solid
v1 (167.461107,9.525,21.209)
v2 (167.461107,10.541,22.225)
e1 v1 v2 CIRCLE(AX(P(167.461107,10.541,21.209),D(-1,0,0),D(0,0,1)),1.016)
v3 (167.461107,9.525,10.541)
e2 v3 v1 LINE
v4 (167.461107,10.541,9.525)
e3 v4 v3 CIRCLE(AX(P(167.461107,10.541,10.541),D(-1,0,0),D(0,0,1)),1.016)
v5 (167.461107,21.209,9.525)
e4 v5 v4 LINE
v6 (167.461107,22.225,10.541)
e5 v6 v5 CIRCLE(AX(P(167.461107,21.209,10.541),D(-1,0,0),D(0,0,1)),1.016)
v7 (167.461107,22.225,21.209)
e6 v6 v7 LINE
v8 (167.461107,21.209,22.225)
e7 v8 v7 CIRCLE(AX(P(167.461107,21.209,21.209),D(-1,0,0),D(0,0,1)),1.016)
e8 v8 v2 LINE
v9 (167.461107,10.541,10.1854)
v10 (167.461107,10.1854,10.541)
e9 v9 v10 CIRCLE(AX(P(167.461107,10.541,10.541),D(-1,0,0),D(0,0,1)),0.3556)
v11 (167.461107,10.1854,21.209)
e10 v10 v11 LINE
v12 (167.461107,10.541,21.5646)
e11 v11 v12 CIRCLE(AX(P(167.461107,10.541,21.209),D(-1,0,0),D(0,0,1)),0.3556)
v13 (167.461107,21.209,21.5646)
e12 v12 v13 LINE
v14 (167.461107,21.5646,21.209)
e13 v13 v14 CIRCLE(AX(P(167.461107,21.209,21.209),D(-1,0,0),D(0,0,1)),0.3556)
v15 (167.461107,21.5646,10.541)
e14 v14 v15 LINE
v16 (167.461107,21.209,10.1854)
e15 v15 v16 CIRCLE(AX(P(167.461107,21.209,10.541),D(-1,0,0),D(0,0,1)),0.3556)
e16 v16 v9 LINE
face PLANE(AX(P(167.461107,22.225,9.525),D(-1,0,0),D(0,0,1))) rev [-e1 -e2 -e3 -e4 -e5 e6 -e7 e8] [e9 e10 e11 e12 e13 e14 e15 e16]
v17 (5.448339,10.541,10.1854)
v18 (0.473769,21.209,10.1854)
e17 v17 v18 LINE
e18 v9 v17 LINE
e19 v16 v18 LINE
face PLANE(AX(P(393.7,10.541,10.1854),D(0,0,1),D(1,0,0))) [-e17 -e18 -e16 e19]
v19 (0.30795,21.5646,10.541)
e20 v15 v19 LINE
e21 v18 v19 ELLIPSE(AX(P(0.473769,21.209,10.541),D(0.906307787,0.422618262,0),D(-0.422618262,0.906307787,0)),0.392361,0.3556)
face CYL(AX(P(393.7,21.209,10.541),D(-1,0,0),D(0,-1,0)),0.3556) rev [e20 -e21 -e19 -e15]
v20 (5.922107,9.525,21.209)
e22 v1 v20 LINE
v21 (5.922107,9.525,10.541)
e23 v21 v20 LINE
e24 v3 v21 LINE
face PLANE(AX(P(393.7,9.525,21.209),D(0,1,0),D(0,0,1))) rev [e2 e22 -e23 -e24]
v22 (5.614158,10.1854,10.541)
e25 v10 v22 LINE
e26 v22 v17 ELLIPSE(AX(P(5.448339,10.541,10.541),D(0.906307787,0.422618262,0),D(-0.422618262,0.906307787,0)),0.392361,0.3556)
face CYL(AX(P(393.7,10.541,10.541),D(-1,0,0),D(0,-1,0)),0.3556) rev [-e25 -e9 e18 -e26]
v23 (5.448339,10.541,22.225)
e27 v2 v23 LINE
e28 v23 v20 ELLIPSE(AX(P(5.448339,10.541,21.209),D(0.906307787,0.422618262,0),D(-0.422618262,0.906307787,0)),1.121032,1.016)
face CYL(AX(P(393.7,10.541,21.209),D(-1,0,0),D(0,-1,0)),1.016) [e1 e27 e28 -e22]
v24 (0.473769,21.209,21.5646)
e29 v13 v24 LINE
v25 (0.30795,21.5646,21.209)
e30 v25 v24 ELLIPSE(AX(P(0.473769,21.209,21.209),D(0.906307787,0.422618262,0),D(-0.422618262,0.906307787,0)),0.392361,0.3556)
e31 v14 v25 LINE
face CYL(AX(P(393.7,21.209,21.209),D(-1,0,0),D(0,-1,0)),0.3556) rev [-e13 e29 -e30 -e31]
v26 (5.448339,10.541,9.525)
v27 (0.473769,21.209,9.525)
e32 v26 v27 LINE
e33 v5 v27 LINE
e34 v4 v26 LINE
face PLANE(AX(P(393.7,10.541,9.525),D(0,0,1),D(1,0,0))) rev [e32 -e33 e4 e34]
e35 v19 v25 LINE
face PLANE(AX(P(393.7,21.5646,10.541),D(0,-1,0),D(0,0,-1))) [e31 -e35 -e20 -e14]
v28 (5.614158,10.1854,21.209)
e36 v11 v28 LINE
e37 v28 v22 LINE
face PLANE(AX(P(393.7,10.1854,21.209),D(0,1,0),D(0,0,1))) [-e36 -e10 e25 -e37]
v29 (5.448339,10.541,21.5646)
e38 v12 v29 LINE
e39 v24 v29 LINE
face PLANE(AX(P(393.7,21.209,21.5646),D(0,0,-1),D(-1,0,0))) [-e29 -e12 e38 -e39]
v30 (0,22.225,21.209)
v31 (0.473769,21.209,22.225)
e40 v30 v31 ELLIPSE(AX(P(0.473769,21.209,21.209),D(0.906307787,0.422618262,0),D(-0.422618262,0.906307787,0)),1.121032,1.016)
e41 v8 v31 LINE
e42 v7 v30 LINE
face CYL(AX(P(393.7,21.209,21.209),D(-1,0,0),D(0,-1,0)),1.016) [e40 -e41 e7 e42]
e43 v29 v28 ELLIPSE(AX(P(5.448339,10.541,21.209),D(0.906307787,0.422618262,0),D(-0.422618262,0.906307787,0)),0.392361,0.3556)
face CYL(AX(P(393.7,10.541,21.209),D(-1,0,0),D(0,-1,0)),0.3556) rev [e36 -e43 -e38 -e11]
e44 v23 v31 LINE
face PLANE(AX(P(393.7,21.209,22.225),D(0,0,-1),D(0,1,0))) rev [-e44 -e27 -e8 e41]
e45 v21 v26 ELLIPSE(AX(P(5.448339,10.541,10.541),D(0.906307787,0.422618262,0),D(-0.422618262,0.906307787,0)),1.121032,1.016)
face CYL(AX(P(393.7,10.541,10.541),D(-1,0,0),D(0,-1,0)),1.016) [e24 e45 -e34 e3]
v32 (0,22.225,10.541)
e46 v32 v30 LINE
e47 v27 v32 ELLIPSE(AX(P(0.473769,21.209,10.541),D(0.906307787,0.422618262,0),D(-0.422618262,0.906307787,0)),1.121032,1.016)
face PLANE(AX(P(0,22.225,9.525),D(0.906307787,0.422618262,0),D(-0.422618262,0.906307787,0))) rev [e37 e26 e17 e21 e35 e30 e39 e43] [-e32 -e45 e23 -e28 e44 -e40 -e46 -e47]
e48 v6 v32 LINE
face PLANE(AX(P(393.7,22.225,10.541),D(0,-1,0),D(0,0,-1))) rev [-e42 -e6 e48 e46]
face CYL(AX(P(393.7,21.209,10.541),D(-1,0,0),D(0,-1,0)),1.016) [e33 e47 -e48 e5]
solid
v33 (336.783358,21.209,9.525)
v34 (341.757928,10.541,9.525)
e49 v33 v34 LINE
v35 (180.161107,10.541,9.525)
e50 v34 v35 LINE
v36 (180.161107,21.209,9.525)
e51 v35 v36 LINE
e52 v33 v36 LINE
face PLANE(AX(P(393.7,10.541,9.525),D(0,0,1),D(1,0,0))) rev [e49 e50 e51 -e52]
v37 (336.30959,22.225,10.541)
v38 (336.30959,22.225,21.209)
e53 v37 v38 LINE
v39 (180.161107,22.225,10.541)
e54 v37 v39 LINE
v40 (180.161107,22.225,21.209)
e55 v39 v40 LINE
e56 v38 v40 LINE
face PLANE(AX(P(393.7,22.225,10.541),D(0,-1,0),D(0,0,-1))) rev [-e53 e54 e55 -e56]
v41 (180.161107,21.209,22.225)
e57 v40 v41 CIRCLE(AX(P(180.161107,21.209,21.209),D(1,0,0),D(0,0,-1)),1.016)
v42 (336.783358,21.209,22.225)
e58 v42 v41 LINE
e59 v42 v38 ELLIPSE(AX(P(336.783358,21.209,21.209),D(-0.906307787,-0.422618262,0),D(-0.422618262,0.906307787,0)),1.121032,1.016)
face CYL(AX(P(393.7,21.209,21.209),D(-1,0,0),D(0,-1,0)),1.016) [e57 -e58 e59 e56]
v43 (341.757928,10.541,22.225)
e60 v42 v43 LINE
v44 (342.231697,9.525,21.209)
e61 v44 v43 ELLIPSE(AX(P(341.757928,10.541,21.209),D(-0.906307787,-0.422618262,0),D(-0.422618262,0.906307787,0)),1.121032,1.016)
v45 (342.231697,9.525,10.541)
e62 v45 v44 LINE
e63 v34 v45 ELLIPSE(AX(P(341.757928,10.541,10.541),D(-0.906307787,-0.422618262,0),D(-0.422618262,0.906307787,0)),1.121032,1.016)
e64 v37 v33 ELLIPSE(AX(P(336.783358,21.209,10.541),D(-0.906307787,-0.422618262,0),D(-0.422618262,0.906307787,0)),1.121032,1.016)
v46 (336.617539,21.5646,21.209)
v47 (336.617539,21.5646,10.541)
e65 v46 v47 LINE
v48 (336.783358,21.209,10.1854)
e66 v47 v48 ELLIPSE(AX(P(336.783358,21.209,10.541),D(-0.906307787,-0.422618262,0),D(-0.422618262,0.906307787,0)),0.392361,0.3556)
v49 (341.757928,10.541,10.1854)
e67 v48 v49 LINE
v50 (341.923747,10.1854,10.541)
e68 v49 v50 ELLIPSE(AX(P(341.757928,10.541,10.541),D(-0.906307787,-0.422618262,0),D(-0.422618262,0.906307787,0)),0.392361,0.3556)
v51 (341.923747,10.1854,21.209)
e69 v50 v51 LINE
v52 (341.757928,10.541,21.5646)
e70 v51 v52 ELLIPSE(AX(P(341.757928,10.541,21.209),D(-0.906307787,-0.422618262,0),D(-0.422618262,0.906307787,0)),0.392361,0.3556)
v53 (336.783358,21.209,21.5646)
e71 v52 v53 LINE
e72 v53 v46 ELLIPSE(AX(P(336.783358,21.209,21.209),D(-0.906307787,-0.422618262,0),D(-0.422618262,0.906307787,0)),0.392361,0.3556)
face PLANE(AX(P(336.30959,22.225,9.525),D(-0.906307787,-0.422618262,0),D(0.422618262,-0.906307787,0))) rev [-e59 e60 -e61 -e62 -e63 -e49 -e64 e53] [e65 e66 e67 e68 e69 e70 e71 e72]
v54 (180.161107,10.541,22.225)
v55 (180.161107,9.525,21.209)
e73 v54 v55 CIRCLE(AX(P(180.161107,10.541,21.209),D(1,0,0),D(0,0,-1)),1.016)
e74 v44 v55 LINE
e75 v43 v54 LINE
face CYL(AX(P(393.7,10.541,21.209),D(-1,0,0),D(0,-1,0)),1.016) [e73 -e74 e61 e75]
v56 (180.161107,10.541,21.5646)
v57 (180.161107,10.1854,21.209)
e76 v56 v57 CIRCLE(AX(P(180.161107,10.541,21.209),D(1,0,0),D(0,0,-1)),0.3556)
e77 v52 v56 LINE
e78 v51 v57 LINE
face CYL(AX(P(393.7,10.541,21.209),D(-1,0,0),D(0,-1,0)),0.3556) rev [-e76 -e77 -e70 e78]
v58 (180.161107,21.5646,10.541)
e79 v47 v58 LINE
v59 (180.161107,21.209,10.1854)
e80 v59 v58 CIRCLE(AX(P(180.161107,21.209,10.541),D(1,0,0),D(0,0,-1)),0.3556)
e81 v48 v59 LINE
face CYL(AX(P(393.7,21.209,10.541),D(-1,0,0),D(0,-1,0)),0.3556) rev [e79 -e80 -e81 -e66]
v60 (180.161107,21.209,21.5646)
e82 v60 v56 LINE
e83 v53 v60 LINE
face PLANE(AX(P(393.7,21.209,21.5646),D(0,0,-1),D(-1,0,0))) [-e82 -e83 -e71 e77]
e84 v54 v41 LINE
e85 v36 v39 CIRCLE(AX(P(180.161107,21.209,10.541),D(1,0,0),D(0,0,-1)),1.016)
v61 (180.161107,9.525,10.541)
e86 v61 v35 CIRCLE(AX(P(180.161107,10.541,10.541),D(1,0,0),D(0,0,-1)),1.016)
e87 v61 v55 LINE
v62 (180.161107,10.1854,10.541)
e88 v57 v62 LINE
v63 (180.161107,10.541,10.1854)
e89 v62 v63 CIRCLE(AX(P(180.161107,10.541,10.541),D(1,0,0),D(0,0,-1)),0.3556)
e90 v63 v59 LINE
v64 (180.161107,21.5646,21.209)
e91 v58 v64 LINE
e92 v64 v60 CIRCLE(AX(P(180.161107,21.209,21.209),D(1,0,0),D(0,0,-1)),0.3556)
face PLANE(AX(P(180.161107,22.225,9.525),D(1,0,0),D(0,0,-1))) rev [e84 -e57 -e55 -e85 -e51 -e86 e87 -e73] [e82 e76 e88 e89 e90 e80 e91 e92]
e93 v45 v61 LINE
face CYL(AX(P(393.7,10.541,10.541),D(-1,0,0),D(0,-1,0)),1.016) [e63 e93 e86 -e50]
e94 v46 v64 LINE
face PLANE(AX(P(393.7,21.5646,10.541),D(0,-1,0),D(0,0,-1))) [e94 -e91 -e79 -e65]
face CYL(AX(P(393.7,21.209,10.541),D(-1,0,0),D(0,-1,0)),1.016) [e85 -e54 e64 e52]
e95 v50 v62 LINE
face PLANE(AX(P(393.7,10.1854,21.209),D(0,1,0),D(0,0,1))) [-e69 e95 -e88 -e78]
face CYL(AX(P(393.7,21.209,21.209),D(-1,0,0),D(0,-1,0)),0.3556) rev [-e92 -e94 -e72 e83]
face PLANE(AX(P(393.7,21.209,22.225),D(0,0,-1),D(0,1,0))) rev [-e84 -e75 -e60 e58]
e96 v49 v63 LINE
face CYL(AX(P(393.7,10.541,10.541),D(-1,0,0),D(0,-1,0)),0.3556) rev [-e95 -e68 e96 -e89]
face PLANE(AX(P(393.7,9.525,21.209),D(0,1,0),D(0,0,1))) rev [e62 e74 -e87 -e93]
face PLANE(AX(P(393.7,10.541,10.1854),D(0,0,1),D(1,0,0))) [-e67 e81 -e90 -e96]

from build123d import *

# Parameters (mm, degrees)
BOSS_EXTRUDE1_DEPTH = 393.7
SCALE1_SCALE_X      = 1
SCALE1_SCALE_Y      = 0.4
SCALE1_SCALE_Z      = 0.4
SKETCH2_W           = 12.7
SKETCH2_H           = 12.7
CUT_EXTRUDE1_DEPTH  = 395.531279762


with BuildPart() as part:
    # Sketch1 → Boss-Extrude1 (new body)
    with BuildSketch(Plane(origin=(0, 0, 0), x_dir=(0, 0, -1), z_dir=(1, 0, 0))):
        with BuildLine():
            Line((0, 2.54), (0, 29.21))
            ThreePointArc((0, 29.21), (-0.743948776, 31.006051224), (-2.54, 31.75))
            Line((-2.54, 31.75), (-29.21, 31.75))
            ThreePointArc((-29.21, 31.75), (-31.006051224, 31.006051224), (-31.75, 29.21))
            Line((-31.75, 29.21), (-31.75, 2.54))
            ThreePointArc((-31.75, 2.54), (-31.006051224, 0.743948776), (-29.21, 0))
            Line((-29.21, 0), (-2.54, 0))
            ThreePointArc((-2.54, 0), (-0.743948776, 0.743948776), (0, 2.54))
        make_face()
        with BuildLine():
            Line((-1.651, 2.54), (-1.651, 29.21))
            ThreePointArc((-1.651, 29.21), (-1.911382072, 29.838617928), (-2.54, 30.099))
            Line((-2.54, 30.099), (-29.21, 30.099))
            ThreePointArc((-29.21, 30.099), (-29.838617928, 29.838617928), (-30.099, 29.21))
            Line((-30.099, 29.21), (-30.099, 2.54))
            ThreePointArc((-30.099, 2.54), (-29.838617928, 1.911382072), (-29.21, 1.651))
            Line((-29.21, 1.651), (-2.54, 1.651))
            ThreePointArc((-2.54, 1.651), (-1.911382072, 1.911382072), (-1.651, 2.54))
        make_face(mode=Mode.SUBTRACT)
    extrude(amount=BOSS_EXTRUDE1_DEPTH)


with BuildPart() as part_1:
    # Scale1: scaled about (196.85, 15.875, 15.875)
    add(part.part.scale((SCALE1_SCALE_X, SCALE1_SCALE_Y, SCALE1_SCALE_Z), about=(196.85, 15.875, 15.875)))

    # Sketch2 → Cut-Extrude1 (cut, through all)
    with BuildSketch(Plane.XY.offset(22.225)):
        Polygon((0, 22.225), (5.922107259, 9.525), (0, 9.525), align=None)
        Polygon((336.3095897, 22.225), (342.231696958, 9.525), (360.905561886, 9.525), (360.905561886, 22.225), align=None)
        with Locations((173.811106521, 15.875)):
            Rectangle(SKETCH2_W, SKETCH2_H)
    extrude(amount=-CUT_EXTRUDE1_DEPTH, mode=Mode.SUBTRACT)


with BuildPart() as cut_extrude1_piece_1:
    # of the separate pieces the step leaves, piece 1, a body of its own (cut_extrude1_pieces_kept)
    add(part_1.part.solids().sort_by_distance((0.473768581, 21.209, 9.525))[0])


with BuildPart() as cut_extrude1_piece_2:
    # of the separate pieces the step leaves, piece 2, a body of its own (cut_extrude1_pieces_kept)
    add(part_1.part.solids().sort_by_distance((180.161106521, 21.209, 9.525))[0])


solid = Compound([cut_extrude1_piece_1.part, cut_extrude1_piece_2.part])
